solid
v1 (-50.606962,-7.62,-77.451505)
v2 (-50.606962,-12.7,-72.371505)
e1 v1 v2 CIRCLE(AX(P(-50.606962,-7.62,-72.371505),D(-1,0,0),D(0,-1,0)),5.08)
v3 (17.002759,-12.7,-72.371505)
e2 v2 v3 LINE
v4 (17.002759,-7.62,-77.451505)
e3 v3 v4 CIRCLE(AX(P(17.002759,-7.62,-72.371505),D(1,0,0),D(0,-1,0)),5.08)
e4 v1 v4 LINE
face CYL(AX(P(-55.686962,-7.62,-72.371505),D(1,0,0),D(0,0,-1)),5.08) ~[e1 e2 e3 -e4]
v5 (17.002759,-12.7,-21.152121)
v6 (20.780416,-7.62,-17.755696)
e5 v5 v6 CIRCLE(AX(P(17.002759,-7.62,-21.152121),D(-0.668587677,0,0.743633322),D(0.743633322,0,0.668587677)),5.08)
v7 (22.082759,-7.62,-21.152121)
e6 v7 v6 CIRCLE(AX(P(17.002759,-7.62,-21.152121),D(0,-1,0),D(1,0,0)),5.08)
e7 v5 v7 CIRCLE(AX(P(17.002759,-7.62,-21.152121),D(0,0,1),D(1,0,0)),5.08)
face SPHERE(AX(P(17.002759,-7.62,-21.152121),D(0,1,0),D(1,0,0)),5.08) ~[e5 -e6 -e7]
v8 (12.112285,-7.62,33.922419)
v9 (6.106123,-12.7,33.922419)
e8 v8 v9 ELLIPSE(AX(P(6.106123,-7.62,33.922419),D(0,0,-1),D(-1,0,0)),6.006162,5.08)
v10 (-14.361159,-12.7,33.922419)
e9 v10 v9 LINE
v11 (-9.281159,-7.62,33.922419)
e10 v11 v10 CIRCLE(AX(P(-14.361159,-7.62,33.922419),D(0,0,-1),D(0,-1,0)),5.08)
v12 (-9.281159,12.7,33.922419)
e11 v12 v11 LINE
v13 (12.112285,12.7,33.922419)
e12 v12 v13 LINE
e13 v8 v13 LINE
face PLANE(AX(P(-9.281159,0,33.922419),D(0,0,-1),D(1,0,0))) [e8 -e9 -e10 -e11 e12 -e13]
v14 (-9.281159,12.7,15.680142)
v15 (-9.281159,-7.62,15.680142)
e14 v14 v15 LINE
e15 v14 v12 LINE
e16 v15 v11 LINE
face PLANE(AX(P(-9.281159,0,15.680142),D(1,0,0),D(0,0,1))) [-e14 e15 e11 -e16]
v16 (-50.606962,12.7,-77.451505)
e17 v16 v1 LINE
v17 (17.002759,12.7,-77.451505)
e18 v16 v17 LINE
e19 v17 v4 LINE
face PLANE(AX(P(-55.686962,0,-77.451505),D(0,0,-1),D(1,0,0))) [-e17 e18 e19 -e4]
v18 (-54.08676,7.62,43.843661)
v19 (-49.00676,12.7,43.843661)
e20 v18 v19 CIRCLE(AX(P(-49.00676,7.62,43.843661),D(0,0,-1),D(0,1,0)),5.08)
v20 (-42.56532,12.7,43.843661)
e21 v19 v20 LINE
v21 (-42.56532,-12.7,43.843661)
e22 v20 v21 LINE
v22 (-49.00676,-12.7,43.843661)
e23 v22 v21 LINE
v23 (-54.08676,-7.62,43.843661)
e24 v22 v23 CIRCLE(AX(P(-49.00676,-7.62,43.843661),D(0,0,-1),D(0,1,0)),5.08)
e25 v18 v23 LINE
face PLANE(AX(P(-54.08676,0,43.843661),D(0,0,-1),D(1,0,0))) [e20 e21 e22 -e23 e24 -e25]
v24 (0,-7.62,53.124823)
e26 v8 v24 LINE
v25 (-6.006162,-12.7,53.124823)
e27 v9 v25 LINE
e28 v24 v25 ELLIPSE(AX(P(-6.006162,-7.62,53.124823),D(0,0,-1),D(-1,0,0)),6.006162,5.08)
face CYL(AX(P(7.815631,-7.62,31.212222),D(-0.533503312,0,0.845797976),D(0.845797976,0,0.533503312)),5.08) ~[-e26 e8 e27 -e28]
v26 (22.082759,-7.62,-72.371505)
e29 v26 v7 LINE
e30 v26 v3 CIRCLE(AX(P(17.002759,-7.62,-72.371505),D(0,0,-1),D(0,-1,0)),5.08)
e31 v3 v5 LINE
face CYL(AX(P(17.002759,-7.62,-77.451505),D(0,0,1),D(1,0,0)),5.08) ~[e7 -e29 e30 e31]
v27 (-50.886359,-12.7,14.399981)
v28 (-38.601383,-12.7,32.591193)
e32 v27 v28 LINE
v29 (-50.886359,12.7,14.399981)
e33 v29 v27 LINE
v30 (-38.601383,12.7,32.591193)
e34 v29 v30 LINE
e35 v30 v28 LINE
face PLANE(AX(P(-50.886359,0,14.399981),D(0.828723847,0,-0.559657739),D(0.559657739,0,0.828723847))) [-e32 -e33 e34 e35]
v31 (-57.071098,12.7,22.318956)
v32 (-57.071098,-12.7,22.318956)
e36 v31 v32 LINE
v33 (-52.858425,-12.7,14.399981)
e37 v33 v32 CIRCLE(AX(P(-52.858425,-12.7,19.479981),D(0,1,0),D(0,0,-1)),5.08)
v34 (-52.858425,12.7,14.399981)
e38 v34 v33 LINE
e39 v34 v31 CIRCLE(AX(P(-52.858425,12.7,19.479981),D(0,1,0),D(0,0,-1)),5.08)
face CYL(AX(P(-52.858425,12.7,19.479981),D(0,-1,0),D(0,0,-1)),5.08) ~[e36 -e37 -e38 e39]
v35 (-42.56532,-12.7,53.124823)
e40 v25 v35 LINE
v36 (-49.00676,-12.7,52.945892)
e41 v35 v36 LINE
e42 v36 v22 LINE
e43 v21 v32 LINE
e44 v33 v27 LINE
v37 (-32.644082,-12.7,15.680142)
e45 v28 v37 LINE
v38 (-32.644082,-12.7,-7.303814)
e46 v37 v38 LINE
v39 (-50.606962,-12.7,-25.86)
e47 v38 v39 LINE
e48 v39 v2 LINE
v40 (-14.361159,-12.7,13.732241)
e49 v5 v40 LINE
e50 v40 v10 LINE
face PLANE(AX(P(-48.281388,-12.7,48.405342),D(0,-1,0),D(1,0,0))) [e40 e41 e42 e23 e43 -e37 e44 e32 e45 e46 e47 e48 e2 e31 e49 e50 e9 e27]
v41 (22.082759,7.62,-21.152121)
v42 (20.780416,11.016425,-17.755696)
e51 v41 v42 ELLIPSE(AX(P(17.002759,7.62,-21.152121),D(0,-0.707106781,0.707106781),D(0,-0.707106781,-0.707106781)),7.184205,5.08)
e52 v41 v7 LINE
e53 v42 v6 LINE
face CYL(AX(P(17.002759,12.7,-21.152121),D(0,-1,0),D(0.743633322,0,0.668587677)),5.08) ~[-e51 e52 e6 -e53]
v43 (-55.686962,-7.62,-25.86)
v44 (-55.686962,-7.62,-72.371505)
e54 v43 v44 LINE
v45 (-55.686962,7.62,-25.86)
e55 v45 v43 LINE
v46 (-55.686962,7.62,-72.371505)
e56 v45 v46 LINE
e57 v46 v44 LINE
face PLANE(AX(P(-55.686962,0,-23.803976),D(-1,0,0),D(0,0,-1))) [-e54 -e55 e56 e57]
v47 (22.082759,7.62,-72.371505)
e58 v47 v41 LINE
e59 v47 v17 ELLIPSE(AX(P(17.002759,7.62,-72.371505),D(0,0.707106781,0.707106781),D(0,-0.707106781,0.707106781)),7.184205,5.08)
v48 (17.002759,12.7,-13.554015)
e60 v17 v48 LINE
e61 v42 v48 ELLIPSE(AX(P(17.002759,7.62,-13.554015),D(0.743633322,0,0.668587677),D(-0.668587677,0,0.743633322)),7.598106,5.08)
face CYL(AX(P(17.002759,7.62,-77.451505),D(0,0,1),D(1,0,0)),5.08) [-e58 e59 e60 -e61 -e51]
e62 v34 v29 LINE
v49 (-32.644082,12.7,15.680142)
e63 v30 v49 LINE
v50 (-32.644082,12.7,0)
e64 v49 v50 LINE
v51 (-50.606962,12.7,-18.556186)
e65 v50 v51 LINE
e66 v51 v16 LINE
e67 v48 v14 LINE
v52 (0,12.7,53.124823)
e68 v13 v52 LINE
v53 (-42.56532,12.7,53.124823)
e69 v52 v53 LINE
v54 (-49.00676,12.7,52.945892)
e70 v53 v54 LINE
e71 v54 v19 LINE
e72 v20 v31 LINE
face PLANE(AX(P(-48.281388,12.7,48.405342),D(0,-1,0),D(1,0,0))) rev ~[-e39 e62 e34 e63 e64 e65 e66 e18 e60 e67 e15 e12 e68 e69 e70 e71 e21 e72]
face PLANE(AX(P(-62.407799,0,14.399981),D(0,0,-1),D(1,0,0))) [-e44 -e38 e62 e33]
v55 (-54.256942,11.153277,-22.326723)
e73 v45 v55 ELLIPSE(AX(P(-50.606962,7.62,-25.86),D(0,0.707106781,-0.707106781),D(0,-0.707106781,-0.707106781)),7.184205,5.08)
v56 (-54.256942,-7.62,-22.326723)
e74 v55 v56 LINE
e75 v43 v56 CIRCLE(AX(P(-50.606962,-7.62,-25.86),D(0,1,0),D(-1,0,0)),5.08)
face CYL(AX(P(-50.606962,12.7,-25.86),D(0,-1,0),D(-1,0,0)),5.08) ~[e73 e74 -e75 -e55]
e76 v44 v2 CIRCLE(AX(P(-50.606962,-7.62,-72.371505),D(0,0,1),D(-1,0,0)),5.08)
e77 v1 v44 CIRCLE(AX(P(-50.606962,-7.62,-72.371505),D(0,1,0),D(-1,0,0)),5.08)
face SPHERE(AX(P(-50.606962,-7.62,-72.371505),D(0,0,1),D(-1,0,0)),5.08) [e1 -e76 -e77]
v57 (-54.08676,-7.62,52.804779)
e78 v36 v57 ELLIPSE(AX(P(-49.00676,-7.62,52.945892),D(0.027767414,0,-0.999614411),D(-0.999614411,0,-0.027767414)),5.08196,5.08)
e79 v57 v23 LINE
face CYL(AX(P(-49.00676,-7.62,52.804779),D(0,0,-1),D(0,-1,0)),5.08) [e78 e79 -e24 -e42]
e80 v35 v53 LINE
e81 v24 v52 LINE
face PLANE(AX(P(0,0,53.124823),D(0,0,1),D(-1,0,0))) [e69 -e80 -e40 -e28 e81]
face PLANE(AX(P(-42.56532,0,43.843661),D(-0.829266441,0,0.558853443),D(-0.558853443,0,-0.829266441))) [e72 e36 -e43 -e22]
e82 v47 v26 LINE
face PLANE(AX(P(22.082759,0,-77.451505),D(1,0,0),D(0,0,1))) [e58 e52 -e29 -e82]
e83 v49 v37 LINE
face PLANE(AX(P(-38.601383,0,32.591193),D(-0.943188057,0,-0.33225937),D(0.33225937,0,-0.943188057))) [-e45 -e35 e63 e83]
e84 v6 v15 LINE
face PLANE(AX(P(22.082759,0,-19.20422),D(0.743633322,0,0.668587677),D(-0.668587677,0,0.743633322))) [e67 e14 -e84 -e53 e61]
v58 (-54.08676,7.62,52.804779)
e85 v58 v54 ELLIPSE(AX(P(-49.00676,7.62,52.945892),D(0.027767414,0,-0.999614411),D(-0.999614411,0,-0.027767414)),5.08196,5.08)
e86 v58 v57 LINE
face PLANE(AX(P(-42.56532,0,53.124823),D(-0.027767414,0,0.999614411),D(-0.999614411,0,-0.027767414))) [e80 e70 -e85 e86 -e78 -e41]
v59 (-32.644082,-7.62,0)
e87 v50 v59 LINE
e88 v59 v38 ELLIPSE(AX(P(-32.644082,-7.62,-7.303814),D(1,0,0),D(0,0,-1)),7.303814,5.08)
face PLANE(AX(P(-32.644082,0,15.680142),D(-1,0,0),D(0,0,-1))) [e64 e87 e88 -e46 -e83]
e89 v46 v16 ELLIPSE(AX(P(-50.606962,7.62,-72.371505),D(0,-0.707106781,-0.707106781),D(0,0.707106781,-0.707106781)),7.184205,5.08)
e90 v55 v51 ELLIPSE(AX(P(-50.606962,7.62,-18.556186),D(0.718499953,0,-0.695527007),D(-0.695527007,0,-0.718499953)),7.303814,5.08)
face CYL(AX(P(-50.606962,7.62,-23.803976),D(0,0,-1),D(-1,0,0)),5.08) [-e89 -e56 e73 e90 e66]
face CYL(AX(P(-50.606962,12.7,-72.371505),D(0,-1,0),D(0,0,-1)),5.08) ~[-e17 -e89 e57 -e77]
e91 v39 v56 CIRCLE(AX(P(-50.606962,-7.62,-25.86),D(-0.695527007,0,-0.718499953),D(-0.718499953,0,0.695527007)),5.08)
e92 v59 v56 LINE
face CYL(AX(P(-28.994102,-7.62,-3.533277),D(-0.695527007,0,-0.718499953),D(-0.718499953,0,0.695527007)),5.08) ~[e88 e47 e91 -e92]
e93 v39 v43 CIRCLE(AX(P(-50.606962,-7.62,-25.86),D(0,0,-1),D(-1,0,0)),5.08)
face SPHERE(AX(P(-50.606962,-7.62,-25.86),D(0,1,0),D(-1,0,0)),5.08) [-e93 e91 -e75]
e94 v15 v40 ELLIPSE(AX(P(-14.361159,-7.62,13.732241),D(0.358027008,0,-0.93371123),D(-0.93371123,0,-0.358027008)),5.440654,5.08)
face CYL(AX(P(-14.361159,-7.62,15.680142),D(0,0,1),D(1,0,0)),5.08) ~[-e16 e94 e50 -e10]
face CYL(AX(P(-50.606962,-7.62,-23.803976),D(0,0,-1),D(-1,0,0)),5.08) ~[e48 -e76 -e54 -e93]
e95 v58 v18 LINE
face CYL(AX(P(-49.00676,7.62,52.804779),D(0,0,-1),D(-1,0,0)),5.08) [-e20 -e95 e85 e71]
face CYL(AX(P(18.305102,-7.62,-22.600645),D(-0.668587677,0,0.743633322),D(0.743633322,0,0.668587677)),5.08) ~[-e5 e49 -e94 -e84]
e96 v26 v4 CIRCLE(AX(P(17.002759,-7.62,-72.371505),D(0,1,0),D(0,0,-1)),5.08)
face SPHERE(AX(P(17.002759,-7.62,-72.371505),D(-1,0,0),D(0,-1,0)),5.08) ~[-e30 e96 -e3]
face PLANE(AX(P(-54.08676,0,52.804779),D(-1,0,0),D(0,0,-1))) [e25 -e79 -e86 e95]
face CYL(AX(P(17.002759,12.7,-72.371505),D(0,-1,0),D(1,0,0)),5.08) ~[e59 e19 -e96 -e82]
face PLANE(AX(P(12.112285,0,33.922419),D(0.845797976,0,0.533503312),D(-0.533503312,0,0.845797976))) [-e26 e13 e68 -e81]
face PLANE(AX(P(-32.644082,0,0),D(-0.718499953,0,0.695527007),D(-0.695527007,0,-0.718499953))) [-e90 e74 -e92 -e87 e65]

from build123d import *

# Parameters (mm, degrees)
F1_DEPTH = 12.7
F2_R     = 5.08


with BuildPart() as f1:
    # F0 (on Front) → F1 (new body, symmetric)
    with BuildSketch(Plane.XZ):
        Polygon((-42.56532, 53.124823), (-54.08676, 52.804779), (-54.08676, 43.843661), (-42.56532, 43.843661), align=None)
        Polygon((-38.601383, 32.591193), (-42.56532, 43.843661), (-62.407799, 14.399981), (-50.886359, 14.399981), align=None)
        Polygon((-9.281159, 15.680142), (-32.644082, 15.680142), (-32.644082, 0), (-55.686962, -23.803976), (-55.686962, -77.451505), (22.082759, -77.451505), (22.082759, -19.20422), align=None)
        Polygon((0, 53.124823), (-42.56532, 53.124823), (-42.56532, 43.843661), (-38.601383, 32.591193), (-32.644082, 15.680142), (-9.281159, 15.680142), (-9.281159, 33.922419), (12.112285, 33.922419), align=None)
    extrude(amount=F1_DEPTH, both=True)

    # F2
    f2_edges = [f1.edges().sort_by_distance(p)[0] for p in [
        (-55.686962, -12.7, -50.62774),
        (-44.165522, -12.7, -11.901988),
        (-55.686962, 0, -23.803976),
        (-55.686962, 12.7, -50.62774),
        (-55.686962, 0, -77.451505),
        (-16.802101, -12.7, -77.451505),
        (22.082759, -12.7, -48.327862),
        (6.4008, -12.7, -1.762039),
        (-9.281159, -12.7, 24.80128),
        (6.056143, -12.7, 43.523621),
        (-54.08676, -12.7, 48.32422),
        (-54.08676, 12.7, 48.32422),
        (-62.407799, 0, 14.399981),
        (22.082759, 12.7, -48.327862),
        (22.082759, 0, -19.20422),
        (22.082759, 0, -77.451505),
    ]]
    fillet(f2_edges, radius=F2_R)


solid = f1.part
